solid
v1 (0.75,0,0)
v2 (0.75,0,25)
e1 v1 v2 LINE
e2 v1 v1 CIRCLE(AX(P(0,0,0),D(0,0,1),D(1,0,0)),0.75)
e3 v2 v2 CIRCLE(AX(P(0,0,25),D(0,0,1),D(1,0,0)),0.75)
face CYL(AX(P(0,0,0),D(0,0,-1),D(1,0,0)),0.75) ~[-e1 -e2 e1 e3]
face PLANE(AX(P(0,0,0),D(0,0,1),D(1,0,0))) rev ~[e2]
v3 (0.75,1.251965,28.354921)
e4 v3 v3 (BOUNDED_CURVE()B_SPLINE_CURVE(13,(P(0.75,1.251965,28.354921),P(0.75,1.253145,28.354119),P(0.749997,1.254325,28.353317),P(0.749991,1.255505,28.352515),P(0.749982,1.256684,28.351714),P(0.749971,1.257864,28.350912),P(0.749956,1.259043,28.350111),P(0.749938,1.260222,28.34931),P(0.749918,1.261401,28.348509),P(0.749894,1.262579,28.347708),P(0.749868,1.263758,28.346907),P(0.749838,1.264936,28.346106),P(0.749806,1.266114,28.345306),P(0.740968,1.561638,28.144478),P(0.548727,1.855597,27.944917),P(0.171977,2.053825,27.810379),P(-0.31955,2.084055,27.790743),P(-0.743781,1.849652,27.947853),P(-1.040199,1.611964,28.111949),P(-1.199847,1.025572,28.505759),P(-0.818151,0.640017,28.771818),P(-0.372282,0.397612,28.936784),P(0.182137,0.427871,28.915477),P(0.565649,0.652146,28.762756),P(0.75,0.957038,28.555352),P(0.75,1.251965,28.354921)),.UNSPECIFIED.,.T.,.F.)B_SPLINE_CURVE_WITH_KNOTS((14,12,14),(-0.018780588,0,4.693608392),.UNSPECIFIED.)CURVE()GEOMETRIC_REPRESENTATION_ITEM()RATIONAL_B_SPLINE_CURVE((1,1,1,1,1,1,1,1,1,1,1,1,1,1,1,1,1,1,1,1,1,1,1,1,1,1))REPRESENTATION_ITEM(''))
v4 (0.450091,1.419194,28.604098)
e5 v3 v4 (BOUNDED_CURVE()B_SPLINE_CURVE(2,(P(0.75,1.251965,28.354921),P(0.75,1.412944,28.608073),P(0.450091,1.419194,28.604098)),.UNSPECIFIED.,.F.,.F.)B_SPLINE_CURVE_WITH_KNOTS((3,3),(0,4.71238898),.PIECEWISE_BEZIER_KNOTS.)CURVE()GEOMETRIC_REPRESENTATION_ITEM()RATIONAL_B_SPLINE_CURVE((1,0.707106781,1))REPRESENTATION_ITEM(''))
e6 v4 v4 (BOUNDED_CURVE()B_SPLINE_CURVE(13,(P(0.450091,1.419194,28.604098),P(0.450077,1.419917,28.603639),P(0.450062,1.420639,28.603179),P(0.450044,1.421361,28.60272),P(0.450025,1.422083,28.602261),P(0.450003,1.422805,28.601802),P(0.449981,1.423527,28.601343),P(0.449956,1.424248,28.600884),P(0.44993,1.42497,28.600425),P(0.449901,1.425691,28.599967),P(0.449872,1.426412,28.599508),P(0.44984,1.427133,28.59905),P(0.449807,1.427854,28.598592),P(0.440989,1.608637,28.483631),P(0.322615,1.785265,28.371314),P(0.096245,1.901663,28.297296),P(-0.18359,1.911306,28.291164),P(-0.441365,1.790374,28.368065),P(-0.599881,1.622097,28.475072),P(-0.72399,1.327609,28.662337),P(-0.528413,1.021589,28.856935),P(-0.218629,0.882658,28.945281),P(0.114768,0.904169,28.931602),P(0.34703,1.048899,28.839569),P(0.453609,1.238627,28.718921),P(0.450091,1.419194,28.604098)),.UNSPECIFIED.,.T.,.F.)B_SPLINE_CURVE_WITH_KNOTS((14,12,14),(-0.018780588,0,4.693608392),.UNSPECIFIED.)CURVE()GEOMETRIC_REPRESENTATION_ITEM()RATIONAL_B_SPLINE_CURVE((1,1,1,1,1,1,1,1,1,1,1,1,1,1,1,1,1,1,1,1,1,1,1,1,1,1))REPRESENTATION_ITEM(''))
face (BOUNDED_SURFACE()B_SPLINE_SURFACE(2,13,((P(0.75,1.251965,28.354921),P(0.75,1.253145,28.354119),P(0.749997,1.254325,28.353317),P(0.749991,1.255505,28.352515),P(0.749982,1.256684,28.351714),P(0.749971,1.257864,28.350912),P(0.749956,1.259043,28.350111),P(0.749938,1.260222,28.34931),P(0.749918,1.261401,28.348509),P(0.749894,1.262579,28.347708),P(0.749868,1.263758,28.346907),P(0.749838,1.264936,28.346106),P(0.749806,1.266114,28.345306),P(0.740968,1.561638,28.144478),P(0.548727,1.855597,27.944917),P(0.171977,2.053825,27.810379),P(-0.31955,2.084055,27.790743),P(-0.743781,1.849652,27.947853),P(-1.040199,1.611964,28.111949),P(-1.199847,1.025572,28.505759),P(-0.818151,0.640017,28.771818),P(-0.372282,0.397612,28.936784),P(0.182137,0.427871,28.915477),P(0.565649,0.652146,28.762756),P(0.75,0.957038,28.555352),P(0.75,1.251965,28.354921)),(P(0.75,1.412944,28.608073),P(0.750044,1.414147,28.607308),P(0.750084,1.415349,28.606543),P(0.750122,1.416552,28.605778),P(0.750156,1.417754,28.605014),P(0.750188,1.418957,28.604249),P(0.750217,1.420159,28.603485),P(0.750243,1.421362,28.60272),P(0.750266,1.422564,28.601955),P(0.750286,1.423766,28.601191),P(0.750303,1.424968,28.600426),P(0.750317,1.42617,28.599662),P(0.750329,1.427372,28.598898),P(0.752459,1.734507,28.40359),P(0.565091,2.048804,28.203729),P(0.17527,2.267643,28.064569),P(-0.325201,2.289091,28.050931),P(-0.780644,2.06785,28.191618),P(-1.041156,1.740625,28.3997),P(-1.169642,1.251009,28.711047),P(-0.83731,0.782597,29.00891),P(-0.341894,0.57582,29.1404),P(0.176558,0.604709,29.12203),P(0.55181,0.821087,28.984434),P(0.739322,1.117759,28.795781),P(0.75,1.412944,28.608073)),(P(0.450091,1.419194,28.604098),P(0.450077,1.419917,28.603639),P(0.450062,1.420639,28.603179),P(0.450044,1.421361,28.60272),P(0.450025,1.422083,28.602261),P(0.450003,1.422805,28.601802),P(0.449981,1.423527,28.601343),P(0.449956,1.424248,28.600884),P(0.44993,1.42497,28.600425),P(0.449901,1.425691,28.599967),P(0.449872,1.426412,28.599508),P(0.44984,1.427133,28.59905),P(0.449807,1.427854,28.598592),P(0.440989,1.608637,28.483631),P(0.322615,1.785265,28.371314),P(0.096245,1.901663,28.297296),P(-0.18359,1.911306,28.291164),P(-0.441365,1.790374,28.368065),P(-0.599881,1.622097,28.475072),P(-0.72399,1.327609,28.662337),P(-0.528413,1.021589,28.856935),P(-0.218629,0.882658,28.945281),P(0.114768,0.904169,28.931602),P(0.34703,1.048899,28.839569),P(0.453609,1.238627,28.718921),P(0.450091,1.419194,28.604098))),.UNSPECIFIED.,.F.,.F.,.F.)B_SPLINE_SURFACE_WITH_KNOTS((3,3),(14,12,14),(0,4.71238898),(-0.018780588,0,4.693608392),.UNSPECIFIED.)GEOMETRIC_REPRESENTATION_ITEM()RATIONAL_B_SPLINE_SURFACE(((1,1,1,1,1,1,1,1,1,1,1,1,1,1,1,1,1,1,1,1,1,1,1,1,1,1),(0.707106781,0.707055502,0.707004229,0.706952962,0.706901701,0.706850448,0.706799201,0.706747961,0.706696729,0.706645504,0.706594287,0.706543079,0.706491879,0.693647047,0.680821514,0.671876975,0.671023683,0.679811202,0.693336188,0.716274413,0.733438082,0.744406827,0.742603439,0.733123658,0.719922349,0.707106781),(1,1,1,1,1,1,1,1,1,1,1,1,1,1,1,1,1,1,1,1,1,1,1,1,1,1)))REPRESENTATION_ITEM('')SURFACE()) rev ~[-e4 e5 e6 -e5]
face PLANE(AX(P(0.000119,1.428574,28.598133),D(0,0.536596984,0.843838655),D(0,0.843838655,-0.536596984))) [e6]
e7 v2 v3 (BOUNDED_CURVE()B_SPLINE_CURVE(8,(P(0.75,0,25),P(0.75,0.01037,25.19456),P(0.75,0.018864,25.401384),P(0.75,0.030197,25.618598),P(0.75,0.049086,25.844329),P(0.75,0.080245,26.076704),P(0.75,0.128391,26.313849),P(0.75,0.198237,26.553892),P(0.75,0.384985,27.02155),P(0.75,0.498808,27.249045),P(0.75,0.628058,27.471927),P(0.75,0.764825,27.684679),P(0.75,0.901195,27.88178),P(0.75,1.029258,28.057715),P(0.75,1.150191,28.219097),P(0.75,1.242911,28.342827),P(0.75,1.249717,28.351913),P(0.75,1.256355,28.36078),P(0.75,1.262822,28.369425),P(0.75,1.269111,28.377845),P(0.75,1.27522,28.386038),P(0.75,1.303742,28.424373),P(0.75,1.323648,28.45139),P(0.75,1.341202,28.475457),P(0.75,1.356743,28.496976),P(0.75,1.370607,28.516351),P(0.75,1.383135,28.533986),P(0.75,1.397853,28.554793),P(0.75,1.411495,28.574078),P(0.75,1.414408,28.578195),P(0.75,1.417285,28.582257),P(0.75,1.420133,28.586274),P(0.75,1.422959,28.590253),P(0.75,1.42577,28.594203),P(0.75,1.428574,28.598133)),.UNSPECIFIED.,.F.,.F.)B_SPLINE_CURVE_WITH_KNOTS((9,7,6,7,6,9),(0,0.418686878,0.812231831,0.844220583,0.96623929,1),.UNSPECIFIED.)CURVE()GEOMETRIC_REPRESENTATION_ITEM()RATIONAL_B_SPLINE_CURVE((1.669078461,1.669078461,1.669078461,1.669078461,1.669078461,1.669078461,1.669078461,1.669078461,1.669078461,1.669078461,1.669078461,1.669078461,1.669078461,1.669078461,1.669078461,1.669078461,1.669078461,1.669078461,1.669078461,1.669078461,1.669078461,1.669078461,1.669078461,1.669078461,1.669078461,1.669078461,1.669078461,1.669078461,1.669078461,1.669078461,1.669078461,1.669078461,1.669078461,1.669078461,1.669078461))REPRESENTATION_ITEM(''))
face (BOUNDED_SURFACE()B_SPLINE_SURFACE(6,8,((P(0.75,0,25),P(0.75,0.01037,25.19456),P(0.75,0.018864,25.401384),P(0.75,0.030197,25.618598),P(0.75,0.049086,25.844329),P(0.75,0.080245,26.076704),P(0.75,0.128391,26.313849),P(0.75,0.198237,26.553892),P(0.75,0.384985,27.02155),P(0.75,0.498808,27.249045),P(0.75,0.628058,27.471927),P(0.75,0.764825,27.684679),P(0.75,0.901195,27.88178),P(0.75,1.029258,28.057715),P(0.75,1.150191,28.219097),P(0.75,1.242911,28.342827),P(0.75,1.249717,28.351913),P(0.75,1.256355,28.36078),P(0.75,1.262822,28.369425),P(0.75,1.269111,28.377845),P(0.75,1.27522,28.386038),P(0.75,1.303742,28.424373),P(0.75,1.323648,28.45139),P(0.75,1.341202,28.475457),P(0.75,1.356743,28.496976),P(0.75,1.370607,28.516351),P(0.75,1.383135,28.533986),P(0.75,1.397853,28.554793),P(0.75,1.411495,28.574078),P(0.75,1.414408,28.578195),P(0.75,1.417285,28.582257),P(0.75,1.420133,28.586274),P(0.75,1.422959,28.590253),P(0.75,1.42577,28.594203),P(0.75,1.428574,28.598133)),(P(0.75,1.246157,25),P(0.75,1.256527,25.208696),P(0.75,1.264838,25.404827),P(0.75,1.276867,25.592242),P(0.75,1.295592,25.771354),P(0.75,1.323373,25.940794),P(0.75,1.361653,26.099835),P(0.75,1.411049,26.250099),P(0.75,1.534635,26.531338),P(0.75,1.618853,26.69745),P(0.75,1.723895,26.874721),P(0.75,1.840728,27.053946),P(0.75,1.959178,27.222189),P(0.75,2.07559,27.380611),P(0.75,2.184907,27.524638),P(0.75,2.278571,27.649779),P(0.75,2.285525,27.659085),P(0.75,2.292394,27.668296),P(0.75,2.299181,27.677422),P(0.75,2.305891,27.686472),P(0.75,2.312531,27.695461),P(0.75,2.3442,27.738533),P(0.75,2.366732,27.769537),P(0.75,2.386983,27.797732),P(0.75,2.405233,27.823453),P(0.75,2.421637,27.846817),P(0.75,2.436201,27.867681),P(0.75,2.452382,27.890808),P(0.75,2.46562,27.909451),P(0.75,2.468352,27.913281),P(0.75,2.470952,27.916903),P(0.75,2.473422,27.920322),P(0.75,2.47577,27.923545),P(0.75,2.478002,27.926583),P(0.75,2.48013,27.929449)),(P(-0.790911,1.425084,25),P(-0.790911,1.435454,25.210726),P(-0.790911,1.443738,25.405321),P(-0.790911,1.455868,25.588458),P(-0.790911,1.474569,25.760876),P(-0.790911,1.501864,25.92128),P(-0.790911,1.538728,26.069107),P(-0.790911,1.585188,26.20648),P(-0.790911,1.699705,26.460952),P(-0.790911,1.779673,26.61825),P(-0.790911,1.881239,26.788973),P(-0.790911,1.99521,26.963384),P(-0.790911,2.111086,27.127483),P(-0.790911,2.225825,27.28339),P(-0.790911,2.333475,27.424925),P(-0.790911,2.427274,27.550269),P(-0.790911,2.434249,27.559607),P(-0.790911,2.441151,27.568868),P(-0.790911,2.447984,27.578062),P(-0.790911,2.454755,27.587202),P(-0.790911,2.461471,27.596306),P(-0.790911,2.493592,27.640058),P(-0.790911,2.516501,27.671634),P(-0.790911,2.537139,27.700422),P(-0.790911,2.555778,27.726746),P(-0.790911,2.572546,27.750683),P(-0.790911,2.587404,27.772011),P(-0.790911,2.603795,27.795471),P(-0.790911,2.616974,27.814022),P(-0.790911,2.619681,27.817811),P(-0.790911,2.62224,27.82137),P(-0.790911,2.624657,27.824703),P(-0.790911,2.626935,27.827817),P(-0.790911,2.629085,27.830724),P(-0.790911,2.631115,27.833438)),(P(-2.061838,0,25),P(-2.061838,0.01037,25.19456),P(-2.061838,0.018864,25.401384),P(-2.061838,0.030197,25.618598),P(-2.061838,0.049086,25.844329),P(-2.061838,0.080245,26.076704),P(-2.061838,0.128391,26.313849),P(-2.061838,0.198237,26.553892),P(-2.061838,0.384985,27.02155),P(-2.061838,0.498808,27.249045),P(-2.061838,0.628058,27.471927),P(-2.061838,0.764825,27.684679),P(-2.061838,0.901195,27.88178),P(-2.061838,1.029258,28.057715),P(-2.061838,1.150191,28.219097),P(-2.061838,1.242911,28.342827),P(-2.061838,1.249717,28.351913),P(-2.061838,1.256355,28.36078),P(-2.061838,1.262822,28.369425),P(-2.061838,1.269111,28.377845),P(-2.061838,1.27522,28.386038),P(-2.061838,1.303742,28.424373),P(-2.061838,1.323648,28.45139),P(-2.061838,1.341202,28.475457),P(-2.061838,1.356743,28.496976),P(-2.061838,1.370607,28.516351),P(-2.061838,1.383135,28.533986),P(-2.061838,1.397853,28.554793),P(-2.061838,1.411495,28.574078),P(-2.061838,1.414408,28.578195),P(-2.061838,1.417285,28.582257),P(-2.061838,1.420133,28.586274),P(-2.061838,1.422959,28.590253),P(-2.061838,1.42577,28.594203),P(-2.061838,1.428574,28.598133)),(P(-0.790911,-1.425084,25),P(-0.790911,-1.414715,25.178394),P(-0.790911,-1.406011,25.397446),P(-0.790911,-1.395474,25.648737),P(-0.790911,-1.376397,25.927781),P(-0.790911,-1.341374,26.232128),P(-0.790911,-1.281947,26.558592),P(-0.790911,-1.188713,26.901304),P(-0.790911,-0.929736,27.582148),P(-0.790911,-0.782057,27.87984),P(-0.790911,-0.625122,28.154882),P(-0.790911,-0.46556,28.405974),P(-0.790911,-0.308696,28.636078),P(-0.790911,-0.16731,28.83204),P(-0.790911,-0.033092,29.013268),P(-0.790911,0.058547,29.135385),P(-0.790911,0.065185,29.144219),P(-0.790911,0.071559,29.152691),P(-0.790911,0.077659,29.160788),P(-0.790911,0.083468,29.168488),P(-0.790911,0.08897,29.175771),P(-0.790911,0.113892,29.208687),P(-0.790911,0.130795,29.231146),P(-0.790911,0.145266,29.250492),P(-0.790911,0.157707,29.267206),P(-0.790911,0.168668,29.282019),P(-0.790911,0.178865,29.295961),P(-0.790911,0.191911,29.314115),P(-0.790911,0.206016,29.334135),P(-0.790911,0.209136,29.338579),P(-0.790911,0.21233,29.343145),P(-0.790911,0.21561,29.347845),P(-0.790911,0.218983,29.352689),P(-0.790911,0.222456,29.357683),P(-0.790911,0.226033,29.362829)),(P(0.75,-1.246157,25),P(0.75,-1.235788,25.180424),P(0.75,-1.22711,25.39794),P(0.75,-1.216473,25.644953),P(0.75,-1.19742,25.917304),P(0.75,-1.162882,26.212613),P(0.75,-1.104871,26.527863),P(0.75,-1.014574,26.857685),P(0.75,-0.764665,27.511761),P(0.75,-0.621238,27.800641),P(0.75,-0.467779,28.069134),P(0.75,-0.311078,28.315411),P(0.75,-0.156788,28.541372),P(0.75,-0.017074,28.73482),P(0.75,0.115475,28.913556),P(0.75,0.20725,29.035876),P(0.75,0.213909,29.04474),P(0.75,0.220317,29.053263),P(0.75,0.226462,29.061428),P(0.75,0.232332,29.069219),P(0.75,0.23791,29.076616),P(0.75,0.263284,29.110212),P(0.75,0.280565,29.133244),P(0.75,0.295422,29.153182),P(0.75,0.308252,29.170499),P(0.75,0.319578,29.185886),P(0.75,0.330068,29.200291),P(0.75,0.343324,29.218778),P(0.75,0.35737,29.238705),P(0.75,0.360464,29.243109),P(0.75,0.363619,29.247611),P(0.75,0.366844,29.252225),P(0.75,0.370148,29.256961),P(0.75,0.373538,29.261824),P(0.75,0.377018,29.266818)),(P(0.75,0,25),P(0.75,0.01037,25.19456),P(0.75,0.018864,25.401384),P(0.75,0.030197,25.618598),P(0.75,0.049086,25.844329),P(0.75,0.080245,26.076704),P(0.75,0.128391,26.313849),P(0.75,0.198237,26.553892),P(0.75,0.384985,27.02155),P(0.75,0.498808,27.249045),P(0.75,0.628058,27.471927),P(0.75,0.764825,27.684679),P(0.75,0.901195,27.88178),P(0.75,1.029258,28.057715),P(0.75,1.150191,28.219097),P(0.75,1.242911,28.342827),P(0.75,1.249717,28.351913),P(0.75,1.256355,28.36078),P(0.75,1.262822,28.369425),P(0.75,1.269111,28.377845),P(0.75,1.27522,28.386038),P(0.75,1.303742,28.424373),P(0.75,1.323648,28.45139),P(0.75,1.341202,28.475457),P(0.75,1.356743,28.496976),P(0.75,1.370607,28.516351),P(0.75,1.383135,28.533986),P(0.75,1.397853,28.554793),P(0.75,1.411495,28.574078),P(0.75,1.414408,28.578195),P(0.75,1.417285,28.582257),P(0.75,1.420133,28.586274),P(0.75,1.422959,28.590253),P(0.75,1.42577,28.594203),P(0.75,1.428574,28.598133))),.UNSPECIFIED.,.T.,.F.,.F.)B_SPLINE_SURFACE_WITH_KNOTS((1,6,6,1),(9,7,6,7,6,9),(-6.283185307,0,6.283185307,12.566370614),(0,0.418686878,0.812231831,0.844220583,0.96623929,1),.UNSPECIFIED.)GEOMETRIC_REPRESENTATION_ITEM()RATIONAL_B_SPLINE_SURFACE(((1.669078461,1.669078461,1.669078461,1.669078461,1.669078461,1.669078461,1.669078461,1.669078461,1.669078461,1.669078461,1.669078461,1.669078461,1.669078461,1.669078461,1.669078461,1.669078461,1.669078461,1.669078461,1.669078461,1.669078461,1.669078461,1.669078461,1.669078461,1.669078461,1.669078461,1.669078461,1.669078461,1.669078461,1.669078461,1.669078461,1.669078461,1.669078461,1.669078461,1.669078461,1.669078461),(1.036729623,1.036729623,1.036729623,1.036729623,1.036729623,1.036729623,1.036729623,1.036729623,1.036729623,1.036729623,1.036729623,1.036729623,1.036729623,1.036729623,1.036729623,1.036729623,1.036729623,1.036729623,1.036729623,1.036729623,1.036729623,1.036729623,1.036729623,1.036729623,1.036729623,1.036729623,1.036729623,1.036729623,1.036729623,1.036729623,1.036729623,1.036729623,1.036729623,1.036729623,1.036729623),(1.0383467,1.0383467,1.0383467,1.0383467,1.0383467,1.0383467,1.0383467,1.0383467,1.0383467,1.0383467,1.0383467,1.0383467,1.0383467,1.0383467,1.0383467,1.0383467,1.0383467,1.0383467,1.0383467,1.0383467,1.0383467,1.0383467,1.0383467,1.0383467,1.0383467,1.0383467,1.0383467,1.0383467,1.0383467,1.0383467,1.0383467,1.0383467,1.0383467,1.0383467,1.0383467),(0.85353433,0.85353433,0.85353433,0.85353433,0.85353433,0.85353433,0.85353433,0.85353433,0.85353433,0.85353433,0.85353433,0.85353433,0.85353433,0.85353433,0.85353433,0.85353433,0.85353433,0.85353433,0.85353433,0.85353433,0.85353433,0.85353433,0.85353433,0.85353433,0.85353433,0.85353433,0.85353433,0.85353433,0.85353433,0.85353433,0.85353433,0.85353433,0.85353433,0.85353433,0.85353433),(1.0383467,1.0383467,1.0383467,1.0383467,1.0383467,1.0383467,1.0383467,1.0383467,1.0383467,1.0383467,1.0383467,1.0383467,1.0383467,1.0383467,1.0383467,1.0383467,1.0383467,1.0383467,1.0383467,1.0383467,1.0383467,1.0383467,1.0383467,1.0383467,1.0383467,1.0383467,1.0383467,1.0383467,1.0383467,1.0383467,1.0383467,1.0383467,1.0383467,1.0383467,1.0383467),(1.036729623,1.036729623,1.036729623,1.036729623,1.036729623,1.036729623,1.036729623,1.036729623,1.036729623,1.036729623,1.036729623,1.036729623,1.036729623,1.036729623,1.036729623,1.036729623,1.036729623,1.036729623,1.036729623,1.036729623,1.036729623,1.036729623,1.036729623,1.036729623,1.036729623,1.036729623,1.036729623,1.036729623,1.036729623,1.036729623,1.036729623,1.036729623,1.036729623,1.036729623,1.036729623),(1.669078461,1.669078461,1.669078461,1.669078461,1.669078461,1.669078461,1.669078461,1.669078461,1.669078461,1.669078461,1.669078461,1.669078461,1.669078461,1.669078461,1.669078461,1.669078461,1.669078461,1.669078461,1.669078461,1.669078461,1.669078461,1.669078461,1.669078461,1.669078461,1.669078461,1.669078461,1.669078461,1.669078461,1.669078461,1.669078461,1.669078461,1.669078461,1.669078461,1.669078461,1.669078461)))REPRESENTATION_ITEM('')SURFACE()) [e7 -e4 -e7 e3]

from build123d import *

# Parameters (mm, degrees)
F0_R     = 0.75
F1_DEPTH = 25
F5_R     = 0.75
F7_R     = 0.3


with BuildPart() as f1:
    # F0 (on Top) → F1 (new body)
    with BuildSketch(Plane.XY):
        Circle(F0_R)
    extrude(amount=F1_DEPTH)

    # F6: sweep along a path in F4
    with BuildLine(Plane.YZ) as f6_path:
        add(Plane.YZ * Edge.make_bspline(
            [(0, 25), (0.0276527047, 25.5188264102), (0.048108405, 26.7957580563), (1.2597410469, 28.3543405458), (1.3940753419, 28.5497736832), (1.4285740908, 28.5981334746)],
            knots=[0, 0, 0, 0, 0.4186868784, 0.8442205829, 1, 1, 1, 1], degree=3))
    # F5 (on offset) → F6 (sweep)
    with BuildSketch(Plane.XY.offset(25)):
        Circle(F5_R)
    sweep(path=f6_path.line)

    # F7
    f7_edges = [f1.edges().sort_by_distance(p)[0] for p in [
        (-0.75, 1.428574, 28.598133),
    ]]
    fillet(f7_edges, radius=F7_R)


solid = f1.part
